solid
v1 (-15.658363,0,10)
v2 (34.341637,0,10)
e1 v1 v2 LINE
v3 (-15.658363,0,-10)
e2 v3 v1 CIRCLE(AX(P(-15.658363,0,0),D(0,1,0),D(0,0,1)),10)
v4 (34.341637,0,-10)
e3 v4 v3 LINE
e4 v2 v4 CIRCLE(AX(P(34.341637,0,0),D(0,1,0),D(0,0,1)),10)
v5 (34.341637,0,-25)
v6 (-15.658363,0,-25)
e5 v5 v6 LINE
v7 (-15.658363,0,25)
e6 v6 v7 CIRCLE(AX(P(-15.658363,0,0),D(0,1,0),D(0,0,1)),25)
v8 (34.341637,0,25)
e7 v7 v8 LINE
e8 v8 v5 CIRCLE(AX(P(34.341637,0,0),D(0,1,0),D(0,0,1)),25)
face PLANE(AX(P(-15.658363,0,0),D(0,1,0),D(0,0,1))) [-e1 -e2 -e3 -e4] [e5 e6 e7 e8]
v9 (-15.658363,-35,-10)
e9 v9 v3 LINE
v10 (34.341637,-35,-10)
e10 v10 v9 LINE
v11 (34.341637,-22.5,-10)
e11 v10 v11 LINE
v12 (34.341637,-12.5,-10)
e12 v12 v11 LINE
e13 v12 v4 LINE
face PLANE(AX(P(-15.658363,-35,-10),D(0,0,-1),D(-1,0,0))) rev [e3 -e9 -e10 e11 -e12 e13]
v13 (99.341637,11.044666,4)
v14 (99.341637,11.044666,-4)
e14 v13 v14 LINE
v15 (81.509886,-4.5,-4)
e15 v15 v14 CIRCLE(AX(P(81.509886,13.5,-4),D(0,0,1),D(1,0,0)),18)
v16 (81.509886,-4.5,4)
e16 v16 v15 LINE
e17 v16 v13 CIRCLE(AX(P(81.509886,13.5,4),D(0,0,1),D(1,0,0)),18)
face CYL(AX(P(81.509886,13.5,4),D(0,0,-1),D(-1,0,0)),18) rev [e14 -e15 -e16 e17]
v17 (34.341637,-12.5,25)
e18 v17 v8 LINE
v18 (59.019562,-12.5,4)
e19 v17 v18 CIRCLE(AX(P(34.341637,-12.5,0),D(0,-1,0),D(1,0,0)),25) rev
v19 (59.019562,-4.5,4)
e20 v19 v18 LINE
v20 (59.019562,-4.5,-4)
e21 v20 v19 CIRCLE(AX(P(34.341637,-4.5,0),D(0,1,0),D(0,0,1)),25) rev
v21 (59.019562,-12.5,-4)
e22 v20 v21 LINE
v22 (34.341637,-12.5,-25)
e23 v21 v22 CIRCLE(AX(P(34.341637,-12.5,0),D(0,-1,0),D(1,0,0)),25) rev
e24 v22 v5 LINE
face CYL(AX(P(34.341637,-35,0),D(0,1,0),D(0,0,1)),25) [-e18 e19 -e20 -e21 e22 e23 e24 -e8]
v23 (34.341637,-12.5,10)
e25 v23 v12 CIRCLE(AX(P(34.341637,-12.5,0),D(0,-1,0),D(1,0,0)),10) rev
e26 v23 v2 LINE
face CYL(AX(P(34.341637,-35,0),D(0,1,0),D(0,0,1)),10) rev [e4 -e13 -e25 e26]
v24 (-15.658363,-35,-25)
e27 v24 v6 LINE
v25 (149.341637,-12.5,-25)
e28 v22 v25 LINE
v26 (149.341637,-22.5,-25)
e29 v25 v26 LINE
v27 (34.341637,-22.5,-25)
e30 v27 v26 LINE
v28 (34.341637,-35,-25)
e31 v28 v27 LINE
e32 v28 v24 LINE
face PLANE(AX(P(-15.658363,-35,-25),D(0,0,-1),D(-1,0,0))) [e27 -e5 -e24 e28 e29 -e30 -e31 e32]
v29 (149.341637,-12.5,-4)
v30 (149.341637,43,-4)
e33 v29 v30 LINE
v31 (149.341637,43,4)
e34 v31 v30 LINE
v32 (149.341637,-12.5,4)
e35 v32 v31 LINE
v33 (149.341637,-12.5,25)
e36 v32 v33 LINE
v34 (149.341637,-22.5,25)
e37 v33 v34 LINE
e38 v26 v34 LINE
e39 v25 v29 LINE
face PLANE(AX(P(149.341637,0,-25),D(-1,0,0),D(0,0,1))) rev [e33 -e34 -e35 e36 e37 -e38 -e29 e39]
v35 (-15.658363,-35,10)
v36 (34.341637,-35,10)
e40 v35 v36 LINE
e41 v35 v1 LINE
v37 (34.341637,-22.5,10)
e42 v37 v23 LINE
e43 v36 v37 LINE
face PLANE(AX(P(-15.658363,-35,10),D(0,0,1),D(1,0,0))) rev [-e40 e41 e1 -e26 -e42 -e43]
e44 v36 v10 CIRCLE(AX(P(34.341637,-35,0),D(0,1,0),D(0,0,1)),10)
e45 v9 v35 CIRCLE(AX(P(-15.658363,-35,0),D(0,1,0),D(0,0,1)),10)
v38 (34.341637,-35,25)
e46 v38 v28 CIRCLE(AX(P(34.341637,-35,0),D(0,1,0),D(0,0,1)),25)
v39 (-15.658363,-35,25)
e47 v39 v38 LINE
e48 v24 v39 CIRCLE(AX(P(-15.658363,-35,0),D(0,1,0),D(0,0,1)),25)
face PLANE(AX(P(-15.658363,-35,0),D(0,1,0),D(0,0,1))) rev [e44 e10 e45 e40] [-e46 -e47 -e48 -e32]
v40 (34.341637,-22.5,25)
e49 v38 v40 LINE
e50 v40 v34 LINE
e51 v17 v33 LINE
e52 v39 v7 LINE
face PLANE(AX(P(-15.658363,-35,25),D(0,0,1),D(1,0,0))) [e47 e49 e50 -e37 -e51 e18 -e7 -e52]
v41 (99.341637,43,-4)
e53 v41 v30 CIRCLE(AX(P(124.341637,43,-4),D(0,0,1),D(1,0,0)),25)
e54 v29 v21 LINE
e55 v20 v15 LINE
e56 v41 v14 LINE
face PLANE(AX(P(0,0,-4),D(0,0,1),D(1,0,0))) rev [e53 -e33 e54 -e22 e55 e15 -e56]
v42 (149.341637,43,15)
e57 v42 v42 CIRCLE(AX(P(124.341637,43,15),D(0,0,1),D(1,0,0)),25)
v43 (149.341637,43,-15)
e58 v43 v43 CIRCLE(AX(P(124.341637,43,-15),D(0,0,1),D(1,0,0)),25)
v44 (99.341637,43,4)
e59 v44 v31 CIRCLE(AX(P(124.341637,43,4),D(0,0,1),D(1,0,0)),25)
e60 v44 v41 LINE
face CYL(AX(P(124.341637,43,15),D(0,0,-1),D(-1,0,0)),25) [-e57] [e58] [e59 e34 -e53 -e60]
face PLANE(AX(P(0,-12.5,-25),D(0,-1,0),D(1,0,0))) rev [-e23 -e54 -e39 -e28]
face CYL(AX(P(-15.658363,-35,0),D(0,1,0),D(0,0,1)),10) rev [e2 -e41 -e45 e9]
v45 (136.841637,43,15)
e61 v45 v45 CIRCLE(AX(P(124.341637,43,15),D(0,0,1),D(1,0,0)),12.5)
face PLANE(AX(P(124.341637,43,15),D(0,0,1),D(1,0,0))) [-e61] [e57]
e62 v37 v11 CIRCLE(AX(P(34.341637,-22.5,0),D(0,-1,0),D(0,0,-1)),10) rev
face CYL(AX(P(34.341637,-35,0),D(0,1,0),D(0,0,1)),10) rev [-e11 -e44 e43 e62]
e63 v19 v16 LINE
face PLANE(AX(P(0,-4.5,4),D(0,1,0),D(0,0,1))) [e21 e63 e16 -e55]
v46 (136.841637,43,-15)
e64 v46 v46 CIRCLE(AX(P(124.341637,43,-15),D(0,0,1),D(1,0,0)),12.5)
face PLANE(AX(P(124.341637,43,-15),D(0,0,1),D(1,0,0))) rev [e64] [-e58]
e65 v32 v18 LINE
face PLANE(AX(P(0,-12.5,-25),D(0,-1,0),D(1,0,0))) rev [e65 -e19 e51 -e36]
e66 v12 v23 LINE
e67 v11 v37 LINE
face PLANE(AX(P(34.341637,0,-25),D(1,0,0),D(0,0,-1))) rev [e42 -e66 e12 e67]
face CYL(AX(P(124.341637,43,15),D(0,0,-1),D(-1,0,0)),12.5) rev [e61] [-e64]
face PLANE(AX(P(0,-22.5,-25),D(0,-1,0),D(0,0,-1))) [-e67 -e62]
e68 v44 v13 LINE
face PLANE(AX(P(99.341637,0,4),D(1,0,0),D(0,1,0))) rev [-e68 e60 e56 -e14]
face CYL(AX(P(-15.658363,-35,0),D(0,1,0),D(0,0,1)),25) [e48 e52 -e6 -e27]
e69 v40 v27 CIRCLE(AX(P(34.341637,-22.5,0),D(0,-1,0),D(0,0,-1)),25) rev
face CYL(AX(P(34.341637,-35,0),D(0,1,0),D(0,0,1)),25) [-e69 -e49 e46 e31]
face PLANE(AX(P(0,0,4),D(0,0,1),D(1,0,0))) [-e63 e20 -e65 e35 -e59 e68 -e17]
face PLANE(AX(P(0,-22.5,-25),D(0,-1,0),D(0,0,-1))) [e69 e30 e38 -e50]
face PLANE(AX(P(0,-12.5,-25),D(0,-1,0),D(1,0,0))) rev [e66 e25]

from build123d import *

# Parameters (mm, degrees)
BOSS_EXTRUDE1_DEPTH = 35
BOSS_EXTRUDE2_DEPTH = 50
BOSS_EXTRUDE4_DEPTH = 4
SKETCH4_R           = 25
SKETCH4_R_2         = 12.5
BOSS_EXTRUDE5_DEPTH = 15


with BuildPart() as part:
    # Sketch1 → Boss-Extrude1 (new body)
    with BuildSketch(Plane(origin=(0, 0, 0), x_dir=(1, 0, 0), z_dir=(0, 1, 0))):
        with BuildLine():
            Line((-15.658362989, 25), (34.341637011, 25))
            ThreePointArc((34.341637011, 25), (59.341637011, 0), (34.341637011, -25))
            Line((34.341637011, -25), (-15.658362989, -25))
            ThreePointArc((-15.658362989, -25), (-40.658362989, 0), (-15.658362989, 25))
        make_face()
        with BuildLine():
            Line((-15.658362989, 10), (34.341637011, 10))
            ThreePointArc((34.341637011, 10), (44.341637011, 0), (34.341637011, -10))
            Line((34.341637011, -10), (-15.658362989, -10))
            ThreePointArc((-15.658362989, -10), (-25.658362989, 0), (-15.658362989, 10))
        make_face(mode=Mode.SUBTRACT)
    extrude(amount=-BOSS_EXTRUDE1_DEPTH)

    # Sketch2 → Boss-Extrude2 (add)
    with BuildSketch(Plane.XY.offset(25)):
        Polygon((59.341637011, -12.5), (34.341637011, -12.5), (34.341637011, -22.5), (59.341637011, -22.5), (149.341637011, -22.5), (149.341637011, -12.5), align=None)
    extrude(amount=-BOSS_EXTRUDE2_DEPTH)

    # Sketch3 → Boss-Extrude4 (add, symmetric)
    with BuildSketch(Plane.XY):
        with BuildLine():
            Line((58.524856224, -12.5), (59.341637011, -12.5))
            Line((59.341637011, -12.5), (149.341637011, -12.5))
            Line((149.341637011, -12.5), (149.341637011, 43))
            ThreePointArc((149.341637011, 43), (124.341637011, 18), (99.341637011, 43))
            Line((99.341637011, 43), (99.341637011, 11.044665925))
            ThreePointArc((99.341637011, 11.044665925), (93.33790357, -0.068272059), (81.509886267, -4.5))
            Line((81.509886267, -4.5), (58.524856224, -4.5))
            Line((58.524856224, -4.5), (58.524856224, -12.5))
        make_face()
    extrude(amount=BOSS_EXTRUDE4_DEPTH, both=True)

    # Sketch4 → Boss-Extrude5 (add, symmetric)
    with BuildSketch(Plane.XY):
        with Locations((124.341637011, 43)):
            Circle(SKETCH4_R)
        with Locations((124.341637011, 43)):
            Circle(SKETCH4_R_2, mode=Mode.SUBTRACT)
    extrude(amount=BOSS_EXTRUDE5_DEPTH, both=True)


solid = part.part
